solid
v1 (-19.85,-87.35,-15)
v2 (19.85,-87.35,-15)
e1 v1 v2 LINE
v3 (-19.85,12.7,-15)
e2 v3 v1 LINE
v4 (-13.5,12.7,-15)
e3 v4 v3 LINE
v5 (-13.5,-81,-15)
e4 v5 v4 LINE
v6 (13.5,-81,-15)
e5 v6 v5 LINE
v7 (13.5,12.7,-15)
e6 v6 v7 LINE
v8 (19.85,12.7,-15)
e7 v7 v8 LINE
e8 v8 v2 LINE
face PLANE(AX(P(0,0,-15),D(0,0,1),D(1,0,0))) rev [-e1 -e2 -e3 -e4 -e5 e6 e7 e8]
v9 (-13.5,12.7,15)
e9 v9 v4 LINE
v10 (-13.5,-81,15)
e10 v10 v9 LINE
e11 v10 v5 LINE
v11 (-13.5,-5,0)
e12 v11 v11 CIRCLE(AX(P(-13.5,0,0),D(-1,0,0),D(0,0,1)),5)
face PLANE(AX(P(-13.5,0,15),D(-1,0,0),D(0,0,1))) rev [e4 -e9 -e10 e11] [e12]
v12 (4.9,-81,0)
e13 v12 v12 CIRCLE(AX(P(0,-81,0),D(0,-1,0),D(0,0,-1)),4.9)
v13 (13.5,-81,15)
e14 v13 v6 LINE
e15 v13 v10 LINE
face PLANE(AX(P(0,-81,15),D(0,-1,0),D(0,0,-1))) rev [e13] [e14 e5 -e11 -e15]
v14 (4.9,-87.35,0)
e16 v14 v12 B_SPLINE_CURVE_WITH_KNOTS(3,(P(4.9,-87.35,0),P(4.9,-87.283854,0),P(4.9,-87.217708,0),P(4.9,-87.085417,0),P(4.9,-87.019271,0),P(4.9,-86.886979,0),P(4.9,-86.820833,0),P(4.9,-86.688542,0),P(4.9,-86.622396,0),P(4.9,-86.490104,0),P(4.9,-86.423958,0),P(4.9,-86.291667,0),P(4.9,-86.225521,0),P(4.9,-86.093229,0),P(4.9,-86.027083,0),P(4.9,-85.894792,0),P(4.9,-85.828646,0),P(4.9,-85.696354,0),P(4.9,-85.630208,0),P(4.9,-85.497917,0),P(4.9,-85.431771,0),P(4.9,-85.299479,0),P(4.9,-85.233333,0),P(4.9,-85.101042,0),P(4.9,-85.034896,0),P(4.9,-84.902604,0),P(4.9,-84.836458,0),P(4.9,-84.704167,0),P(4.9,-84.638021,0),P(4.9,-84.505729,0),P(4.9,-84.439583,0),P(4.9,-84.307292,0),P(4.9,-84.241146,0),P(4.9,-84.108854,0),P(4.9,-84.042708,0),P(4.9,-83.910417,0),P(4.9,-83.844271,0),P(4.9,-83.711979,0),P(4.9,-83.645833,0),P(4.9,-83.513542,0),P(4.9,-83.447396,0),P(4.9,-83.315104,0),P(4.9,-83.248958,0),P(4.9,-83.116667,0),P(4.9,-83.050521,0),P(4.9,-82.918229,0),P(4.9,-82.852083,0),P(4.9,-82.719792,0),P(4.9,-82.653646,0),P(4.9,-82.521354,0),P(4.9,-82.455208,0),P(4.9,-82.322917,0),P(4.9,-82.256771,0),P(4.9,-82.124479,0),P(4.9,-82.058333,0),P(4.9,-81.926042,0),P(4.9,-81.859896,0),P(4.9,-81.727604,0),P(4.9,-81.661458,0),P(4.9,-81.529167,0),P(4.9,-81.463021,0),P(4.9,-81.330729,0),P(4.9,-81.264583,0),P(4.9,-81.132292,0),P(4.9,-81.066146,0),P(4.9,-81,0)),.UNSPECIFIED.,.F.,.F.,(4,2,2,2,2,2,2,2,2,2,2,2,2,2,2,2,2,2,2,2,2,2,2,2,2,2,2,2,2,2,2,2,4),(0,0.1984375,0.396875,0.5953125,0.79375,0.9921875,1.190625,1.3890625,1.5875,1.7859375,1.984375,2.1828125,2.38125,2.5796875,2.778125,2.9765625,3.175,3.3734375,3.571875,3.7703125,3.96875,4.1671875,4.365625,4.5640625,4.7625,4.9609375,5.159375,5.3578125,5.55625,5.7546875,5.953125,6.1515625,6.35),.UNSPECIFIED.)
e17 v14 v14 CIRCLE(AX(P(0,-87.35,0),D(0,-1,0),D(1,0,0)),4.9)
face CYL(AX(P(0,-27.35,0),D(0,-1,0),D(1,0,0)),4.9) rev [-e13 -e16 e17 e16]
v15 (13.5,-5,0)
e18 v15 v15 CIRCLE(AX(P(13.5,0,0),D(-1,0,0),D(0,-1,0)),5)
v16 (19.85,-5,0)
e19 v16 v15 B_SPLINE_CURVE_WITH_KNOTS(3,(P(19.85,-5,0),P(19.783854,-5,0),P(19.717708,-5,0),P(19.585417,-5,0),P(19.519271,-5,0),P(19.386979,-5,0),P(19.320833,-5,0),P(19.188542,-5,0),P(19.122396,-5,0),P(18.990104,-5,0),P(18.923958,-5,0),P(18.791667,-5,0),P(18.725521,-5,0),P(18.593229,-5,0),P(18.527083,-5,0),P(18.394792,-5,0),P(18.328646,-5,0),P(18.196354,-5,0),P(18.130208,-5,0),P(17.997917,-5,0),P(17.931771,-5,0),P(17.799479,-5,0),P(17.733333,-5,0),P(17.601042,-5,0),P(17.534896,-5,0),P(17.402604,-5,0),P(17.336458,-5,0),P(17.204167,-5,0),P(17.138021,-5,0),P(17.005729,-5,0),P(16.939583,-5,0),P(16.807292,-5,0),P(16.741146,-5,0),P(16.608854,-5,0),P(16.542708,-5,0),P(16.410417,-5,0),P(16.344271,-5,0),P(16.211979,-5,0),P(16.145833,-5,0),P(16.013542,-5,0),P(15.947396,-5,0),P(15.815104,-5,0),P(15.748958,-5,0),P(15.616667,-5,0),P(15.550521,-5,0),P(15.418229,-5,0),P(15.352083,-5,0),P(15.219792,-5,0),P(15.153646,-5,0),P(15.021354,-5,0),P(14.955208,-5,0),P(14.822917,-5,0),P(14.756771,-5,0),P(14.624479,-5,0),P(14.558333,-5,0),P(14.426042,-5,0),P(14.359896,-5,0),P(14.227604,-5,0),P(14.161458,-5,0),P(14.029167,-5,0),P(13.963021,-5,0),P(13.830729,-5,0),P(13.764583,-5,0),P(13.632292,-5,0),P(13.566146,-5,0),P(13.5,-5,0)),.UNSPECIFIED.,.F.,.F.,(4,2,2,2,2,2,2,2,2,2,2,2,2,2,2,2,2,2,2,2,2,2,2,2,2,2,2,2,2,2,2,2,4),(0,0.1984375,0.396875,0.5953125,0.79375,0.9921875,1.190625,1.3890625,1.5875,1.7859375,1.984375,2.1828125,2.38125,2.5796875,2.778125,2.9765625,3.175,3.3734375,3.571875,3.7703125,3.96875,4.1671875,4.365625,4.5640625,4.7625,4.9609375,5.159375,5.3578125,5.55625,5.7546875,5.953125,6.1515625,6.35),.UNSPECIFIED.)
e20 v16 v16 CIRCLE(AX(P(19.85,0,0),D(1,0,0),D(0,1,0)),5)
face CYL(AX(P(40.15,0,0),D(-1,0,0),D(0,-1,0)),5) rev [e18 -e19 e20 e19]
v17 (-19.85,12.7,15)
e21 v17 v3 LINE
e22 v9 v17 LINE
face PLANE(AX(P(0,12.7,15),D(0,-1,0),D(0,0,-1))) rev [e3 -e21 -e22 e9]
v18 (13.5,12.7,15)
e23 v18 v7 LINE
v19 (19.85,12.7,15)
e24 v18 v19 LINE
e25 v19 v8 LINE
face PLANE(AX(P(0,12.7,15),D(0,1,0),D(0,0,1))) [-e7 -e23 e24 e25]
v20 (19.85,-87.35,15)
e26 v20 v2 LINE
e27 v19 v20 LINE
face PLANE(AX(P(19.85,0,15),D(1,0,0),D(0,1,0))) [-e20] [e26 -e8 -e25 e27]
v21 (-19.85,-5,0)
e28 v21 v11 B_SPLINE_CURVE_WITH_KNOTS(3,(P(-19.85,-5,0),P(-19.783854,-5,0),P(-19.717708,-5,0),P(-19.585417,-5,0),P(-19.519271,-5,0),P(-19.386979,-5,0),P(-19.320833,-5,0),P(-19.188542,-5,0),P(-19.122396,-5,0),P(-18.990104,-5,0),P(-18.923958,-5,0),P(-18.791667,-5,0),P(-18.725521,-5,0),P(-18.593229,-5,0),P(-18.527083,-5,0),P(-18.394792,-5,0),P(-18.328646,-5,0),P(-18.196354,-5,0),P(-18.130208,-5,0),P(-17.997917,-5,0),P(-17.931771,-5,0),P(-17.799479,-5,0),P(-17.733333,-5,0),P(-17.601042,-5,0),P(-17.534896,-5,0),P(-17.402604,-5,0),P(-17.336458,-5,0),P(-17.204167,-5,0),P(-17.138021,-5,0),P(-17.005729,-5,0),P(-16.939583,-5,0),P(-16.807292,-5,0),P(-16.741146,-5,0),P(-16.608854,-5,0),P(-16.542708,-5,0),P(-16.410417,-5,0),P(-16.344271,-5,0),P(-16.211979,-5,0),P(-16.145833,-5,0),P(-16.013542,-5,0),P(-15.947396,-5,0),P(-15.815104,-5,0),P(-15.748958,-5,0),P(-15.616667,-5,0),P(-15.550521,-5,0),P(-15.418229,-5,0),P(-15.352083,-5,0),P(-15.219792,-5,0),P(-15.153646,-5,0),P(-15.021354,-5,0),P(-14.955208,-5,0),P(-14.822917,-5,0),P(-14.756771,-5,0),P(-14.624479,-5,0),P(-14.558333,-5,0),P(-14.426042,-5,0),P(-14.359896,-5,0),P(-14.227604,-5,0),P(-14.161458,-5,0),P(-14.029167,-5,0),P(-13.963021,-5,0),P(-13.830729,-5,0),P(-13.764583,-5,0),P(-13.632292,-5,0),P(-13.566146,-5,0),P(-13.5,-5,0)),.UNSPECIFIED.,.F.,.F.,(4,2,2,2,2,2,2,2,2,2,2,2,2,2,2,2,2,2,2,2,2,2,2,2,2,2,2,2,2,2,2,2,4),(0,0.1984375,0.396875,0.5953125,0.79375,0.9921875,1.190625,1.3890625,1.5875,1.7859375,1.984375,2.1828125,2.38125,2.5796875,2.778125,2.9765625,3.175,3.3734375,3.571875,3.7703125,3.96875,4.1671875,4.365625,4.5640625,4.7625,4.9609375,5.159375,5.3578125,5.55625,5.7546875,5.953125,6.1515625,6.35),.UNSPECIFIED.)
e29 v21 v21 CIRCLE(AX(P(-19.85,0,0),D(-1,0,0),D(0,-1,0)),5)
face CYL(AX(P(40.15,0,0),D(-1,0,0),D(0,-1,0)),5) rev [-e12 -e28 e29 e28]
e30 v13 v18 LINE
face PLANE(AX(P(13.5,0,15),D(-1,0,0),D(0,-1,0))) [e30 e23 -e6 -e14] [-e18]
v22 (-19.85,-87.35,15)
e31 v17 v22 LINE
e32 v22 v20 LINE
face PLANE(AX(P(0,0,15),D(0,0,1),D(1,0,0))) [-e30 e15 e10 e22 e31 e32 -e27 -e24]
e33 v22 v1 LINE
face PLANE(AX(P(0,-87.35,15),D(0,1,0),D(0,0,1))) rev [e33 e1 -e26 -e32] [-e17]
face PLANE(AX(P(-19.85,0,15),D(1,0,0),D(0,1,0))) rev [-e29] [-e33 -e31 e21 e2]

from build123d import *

# Parameters (mm, degrees)
SALIENTE_EXTRUIR1_DEPTH = 15
CROQUIS2_R              = 5
CORTAR_EXTRUIR1_DEPTH   = 60
CROQUIS3_R              = 4.9
CORTAR_EXTRUIR2_DEPTH   = 60


with BuildPart() as part:
    # Croquis1 → Saliente-Extruir1 (new, symmetric)
    with BuildSketch(Plane.XY):
        Polygon((-13.5, -81), (-13.5, 12.7), (-19.85, 12.7), (-19.85, -87.35), (0, -87.35), (0, -81), align=None)
        Polygon((13.5, -81), (0, -81), (0, -87.35), (19.85, -87.35), (19.85, 12.7), (13.5, 12.7), align=None)
    extrude(amount=SALIENTE_EXTRUIR1_DEPTH, both=True)

    # Croquis2 → Cortar-Extruir1 (cut)
    with BuildSketch(Plane.ZY.offset(19.85)):
        with Locations(Location((0, 0, 0), (0, 0, 270))):
            Circle(CROQUIS2_R)
    extrude(amount=-CORTAR_EXTRUIR1_DEPTH, mode=Mode.SUBTRACT)

    # Croquis3 → Cortar-Extruir2 (cut)
    with BuildSketch(Plane.XZ.offset(87.35)):
        Circle(CROQUIS3_R)
    extrude(amount=-CORTAR_EXTRUIR2_DEPTH, mode=Mode.SUBTRACT)


solid = part.part
